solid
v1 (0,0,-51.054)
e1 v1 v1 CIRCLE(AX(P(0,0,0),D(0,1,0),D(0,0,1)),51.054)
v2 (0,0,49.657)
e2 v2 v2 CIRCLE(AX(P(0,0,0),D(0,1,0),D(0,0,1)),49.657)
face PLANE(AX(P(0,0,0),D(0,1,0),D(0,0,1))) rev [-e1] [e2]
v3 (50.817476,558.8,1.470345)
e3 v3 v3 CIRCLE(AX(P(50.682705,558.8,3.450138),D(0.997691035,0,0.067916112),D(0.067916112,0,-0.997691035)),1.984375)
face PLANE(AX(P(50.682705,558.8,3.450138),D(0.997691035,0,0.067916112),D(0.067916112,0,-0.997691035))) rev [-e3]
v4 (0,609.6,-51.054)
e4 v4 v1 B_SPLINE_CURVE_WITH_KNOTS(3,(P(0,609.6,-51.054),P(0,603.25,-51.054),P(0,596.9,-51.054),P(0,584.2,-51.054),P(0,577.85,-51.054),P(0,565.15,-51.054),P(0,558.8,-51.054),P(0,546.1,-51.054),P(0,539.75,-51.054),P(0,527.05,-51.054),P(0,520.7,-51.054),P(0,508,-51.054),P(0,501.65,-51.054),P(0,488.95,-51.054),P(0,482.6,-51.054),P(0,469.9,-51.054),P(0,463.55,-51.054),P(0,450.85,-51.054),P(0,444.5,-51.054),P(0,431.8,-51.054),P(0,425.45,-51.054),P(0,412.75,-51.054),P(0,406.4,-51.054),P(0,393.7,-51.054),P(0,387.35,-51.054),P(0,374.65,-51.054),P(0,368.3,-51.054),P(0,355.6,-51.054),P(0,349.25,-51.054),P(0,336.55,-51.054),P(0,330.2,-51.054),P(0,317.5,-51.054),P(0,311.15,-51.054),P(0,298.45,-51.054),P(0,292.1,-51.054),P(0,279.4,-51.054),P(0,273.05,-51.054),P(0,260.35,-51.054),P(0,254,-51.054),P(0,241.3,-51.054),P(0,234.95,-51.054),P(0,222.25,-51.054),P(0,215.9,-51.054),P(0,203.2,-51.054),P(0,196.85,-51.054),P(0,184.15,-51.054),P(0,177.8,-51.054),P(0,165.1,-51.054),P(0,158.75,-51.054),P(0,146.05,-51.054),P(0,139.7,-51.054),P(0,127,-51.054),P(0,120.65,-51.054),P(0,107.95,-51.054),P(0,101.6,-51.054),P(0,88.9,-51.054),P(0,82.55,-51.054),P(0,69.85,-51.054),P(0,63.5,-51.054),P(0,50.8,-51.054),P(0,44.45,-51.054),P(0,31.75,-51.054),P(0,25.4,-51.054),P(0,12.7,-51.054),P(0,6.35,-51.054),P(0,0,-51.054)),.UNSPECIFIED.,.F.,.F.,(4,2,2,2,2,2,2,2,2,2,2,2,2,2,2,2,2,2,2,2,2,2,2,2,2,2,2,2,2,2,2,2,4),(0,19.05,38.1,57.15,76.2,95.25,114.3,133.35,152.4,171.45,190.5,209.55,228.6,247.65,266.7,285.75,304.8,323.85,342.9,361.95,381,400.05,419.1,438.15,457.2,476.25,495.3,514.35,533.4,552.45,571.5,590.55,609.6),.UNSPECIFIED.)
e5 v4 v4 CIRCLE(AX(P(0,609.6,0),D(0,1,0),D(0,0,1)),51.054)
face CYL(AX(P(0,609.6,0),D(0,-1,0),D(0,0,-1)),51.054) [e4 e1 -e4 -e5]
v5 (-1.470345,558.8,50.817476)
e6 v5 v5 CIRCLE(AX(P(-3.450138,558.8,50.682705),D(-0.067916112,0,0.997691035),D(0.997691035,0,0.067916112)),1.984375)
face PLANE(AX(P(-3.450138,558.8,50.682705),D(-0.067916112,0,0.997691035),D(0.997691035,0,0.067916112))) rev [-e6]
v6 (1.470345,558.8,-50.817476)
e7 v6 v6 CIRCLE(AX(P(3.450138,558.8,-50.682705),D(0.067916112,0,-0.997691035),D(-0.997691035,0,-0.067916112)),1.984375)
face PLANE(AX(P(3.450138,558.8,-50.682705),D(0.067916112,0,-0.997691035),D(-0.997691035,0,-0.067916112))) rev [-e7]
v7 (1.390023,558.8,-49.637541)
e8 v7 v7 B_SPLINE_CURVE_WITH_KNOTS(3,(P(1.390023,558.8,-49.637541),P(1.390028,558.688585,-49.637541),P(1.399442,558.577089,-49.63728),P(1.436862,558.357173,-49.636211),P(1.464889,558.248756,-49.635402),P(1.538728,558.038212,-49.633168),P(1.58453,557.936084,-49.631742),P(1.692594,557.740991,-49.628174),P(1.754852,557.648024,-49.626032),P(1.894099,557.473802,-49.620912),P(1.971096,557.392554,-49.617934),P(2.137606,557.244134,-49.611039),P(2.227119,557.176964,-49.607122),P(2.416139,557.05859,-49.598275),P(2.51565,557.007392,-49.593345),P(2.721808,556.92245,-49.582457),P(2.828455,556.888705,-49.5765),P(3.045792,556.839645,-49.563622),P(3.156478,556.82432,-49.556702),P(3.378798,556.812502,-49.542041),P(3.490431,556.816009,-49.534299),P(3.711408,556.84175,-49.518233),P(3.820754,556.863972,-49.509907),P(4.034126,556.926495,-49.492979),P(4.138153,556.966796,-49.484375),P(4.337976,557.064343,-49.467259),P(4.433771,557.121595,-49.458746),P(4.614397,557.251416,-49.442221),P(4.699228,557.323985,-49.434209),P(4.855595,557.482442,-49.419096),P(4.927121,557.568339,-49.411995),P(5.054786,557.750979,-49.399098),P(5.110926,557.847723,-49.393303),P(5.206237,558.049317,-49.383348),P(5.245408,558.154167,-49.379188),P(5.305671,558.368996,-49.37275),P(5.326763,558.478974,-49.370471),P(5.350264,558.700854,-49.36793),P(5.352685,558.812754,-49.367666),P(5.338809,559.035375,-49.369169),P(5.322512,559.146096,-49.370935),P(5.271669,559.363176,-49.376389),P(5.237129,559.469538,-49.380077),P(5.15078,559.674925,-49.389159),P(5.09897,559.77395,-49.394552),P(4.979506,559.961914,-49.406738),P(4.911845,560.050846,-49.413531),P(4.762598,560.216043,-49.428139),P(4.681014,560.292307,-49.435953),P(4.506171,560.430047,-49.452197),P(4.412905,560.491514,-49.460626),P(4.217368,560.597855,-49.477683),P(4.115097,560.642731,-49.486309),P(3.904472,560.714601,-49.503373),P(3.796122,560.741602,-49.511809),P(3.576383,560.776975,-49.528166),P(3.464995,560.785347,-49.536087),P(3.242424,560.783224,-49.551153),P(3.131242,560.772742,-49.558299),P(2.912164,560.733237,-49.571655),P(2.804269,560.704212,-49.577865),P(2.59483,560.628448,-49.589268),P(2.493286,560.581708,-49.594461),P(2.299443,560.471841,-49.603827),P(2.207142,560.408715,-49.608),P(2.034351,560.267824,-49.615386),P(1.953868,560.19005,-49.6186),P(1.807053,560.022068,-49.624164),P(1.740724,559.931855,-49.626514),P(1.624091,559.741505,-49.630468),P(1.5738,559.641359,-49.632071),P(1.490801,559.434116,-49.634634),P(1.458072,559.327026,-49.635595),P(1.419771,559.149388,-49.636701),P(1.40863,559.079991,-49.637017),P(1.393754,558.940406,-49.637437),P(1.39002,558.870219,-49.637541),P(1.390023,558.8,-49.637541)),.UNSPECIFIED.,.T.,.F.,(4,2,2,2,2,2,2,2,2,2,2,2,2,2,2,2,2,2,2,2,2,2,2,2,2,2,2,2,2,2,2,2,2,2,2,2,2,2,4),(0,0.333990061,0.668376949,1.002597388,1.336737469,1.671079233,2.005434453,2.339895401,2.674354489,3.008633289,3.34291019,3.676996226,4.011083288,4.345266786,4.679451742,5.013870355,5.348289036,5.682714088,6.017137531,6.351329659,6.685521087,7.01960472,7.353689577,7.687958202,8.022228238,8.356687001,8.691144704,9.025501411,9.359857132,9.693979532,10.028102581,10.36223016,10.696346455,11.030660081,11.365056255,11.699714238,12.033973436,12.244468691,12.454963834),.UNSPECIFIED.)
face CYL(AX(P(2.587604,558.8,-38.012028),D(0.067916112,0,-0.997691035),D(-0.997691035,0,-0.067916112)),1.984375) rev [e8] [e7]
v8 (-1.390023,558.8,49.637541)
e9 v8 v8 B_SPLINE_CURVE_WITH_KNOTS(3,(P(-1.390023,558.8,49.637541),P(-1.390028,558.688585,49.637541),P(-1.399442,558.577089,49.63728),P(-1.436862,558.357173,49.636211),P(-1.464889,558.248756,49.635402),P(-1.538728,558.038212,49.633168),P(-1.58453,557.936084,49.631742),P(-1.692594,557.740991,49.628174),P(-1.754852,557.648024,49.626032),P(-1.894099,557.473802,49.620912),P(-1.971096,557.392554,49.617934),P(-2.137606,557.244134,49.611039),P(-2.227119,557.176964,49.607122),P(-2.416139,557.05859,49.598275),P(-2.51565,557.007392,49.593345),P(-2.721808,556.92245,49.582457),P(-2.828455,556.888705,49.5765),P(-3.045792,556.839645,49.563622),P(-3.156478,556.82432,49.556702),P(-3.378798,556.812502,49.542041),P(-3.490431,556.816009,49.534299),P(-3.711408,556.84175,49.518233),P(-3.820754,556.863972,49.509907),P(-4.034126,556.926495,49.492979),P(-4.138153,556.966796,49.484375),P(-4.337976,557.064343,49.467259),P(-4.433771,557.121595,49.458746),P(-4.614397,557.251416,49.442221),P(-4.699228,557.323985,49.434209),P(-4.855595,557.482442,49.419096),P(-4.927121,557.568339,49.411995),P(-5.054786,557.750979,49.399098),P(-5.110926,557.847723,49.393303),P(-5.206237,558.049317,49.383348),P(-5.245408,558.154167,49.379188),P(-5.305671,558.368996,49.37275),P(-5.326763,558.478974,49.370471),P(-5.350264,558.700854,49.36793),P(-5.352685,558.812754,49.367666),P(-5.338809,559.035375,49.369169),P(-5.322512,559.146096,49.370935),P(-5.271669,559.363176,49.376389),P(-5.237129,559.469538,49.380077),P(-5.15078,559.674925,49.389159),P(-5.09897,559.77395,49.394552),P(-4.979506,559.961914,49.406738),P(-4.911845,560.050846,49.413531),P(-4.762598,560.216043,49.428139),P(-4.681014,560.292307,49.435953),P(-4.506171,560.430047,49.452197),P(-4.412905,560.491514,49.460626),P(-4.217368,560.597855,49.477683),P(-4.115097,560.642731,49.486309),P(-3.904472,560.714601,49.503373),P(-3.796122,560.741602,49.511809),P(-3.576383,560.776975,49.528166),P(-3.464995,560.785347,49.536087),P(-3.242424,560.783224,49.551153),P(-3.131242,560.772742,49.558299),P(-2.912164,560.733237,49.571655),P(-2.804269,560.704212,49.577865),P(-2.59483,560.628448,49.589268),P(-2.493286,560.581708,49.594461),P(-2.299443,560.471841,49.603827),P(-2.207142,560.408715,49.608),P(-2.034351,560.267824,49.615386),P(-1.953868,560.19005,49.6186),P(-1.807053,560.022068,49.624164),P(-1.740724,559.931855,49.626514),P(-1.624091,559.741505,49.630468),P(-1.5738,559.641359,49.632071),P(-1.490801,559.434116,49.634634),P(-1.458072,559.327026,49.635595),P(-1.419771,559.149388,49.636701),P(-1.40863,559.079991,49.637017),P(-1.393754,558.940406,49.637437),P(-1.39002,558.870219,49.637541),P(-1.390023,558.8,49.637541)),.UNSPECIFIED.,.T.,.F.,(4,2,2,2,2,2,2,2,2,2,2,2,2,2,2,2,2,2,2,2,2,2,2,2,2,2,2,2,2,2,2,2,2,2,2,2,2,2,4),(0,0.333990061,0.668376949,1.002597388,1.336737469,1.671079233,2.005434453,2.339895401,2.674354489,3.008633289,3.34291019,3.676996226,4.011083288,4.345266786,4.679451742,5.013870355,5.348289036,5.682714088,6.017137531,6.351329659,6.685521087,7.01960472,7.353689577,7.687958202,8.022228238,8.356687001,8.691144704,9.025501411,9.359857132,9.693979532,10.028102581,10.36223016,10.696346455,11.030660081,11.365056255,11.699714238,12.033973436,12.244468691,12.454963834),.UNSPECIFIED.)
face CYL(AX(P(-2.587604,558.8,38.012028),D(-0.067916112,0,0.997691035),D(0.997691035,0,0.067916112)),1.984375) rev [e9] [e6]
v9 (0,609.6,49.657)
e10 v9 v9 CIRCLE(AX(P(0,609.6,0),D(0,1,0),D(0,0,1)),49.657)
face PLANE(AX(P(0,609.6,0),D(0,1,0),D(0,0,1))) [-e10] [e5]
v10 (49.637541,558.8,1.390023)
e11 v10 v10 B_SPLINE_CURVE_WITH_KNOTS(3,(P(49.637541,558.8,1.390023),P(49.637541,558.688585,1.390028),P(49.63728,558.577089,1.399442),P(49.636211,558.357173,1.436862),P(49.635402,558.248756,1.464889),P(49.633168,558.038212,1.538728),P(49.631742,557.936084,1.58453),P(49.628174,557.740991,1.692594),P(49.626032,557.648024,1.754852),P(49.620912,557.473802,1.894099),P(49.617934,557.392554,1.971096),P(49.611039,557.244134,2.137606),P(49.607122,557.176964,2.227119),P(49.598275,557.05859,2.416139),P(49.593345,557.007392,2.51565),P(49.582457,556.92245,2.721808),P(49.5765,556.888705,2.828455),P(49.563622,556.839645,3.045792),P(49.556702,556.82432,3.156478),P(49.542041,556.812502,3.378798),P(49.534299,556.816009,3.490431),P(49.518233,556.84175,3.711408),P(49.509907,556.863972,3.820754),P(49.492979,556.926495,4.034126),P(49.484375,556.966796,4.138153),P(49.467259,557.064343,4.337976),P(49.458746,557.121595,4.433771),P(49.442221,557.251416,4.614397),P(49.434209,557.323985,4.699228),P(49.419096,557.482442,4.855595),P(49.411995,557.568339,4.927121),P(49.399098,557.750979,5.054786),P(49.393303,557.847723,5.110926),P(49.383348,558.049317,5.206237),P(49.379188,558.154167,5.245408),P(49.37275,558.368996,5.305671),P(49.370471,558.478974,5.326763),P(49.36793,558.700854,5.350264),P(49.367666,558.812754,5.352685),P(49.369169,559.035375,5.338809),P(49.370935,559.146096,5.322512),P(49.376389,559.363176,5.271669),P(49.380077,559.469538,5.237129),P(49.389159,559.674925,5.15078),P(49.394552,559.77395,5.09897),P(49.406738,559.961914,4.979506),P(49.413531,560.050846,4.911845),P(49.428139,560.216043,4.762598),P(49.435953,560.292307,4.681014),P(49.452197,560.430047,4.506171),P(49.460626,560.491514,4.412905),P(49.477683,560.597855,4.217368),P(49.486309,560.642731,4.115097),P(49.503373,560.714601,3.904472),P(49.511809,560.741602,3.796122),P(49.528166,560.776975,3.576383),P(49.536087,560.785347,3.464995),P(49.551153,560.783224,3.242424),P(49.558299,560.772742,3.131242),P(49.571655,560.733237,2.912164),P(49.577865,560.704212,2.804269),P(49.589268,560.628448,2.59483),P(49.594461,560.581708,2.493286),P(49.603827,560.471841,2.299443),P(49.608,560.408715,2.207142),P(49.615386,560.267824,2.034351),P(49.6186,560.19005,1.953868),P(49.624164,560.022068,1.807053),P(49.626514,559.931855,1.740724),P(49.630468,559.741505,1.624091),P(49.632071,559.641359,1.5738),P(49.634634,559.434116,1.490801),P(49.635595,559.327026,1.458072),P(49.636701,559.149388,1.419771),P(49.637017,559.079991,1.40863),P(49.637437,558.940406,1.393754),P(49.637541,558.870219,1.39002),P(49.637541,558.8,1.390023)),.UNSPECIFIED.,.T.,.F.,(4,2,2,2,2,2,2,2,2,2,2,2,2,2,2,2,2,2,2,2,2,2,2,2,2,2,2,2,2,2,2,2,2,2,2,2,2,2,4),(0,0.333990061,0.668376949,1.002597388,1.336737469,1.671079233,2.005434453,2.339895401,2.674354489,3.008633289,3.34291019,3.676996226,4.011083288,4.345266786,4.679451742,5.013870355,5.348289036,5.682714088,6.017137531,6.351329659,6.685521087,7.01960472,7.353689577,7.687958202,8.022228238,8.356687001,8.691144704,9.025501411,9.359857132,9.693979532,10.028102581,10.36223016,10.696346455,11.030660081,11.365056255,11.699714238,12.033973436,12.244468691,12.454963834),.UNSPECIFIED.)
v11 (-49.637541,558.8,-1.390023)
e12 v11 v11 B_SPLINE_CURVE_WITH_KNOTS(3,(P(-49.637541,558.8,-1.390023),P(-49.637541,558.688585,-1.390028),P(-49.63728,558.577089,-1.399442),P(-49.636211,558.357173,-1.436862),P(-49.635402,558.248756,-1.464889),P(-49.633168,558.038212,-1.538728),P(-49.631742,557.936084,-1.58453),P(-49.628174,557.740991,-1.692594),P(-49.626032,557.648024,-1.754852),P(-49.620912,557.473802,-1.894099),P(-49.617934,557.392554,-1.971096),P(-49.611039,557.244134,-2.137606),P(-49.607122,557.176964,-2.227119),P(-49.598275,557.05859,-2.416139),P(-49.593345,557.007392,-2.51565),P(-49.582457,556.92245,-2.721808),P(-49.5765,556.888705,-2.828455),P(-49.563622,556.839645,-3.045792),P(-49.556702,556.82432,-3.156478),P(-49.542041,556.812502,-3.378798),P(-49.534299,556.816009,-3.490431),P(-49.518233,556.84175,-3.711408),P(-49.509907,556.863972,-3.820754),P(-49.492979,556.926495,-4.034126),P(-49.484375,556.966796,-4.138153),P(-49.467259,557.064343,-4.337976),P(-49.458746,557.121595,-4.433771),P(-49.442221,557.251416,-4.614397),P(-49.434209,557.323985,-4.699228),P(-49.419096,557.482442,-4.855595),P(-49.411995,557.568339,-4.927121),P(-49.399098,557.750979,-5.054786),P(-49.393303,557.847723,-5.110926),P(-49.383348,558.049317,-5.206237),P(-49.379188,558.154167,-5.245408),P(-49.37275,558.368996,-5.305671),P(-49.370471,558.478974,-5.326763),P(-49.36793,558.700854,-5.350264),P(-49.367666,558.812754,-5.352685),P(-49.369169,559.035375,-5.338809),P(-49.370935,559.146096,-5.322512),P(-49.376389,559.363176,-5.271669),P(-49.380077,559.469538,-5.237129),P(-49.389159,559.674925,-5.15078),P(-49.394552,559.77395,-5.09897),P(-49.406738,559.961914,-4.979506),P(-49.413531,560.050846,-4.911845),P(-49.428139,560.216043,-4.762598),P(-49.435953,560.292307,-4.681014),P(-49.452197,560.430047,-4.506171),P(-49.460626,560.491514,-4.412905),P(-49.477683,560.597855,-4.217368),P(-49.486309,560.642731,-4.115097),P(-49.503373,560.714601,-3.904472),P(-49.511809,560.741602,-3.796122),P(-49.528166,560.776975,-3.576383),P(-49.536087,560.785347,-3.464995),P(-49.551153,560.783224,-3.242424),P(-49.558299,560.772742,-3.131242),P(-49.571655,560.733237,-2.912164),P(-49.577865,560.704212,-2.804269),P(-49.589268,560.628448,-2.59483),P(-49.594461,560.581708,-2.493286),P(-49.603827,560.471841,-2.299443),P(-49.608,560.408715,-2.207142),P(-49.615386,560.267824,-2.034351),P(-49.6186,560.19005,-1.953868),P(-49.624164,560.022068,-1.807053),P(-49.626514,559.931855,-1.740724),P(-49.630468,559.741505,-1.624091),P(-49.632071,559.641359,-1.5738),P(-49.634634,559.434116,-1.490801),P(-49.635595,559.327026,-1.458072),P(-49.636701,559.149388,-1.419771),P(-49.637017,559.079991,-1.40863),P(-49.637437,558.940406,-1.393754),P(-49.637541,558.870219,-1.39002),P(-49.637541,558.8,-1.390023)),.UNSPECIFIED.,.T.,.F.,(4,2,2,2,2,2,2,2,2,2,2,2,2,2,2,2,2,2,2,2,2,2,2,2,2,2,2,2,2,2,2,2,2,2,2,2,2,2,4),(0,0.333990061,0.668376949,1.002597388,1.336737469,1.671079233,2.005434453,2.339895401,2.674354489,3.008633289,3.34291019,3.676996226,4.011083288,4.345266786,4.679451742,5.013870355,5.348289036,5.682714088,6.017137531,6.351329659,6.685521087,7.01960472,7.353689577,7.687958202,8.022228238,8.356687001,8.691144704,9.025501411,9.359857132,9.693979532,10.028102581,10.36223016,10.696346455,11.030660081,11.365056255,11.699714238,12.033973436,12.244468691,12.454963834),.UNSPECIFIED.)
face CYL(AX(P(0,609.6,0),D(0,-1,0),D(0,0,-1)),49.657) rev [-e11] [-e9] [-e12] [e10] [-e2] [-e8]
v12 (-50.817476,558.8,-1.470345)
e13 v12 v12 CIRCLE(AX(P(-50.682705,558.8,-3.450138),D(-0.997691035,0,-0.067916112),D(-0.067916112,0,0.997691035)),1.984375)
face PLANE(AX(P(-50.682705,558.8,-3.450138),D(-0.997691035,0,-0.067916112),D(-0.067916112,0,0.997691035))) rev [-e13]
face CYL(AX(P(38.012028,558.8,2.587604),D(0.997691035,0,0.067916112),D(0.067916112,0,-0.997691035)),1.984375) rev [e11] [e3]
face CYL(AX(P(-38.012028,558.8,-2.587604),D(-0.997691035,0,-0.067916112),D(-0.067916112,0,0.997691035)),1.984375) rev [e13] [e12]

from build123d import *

# Parameters (mm, degrees)
SKETCH1_R           = 51.054
SKETCH1_R_2         = 49.657
BOSS_EXTRUDE1_DEPTH = 609.6
SKETCH2_R           = 1.984375
CUT_EXTRUDE1_DEPTH  = 12.7
CIRPATTERN1_COUNT   = 4


with BuildPart() as part:
    # Sketch1 → Boss-Extrude1 (new body)
    with BuildSketch(Plane(origin=(0, 0, 0), x_dir=(1, 0, 0), z_dir=(0, 1, 0))):
        with Locations(Location((0, 0, 0), (0, 0, 90))):
            Circle(SKETCH1_R)
        with Locations(Location((0, 0, 0), (0, 0, 90))):
            Circle(SKETCH1_R_2, mode=Mode.SUBTRACT)
    extrude(amount=BOSS_EXTRUDE1_DEPTH)

    # Sketch2 → Cut-Extrude1 (cut)
    with BuildSketch(Plane(origin=(122.899951256, 815.595371644, -42.551362721), x_dir=(-0.9976910351931784, 0, -0.067916112191174), z_dir=(0.067916112191174, 0, -0.9976910351931785))):
        with Locations((119.72625647, -256.795371644)):
            Circle(SKETCH2_R)
    cut_extrude1 = extrude(amount=-CUT_EXTRUDE1_DEPTH, mode=Mode.SUBTRACT)

    # CirPattern1: Cut-Extrude1 ×4 about axis
    cirpattern1_axis = Axis((0, 0, 0), (0, 1, 0))
    for i in range(1, CIRPATTERN1_COUNT):
        add(cut_extrude1.rotate(cirpattern1_axis, i * 360 / CIRPATTERN1_COUNT), mode=Mode.SUBTRACT)


solid = part.part
